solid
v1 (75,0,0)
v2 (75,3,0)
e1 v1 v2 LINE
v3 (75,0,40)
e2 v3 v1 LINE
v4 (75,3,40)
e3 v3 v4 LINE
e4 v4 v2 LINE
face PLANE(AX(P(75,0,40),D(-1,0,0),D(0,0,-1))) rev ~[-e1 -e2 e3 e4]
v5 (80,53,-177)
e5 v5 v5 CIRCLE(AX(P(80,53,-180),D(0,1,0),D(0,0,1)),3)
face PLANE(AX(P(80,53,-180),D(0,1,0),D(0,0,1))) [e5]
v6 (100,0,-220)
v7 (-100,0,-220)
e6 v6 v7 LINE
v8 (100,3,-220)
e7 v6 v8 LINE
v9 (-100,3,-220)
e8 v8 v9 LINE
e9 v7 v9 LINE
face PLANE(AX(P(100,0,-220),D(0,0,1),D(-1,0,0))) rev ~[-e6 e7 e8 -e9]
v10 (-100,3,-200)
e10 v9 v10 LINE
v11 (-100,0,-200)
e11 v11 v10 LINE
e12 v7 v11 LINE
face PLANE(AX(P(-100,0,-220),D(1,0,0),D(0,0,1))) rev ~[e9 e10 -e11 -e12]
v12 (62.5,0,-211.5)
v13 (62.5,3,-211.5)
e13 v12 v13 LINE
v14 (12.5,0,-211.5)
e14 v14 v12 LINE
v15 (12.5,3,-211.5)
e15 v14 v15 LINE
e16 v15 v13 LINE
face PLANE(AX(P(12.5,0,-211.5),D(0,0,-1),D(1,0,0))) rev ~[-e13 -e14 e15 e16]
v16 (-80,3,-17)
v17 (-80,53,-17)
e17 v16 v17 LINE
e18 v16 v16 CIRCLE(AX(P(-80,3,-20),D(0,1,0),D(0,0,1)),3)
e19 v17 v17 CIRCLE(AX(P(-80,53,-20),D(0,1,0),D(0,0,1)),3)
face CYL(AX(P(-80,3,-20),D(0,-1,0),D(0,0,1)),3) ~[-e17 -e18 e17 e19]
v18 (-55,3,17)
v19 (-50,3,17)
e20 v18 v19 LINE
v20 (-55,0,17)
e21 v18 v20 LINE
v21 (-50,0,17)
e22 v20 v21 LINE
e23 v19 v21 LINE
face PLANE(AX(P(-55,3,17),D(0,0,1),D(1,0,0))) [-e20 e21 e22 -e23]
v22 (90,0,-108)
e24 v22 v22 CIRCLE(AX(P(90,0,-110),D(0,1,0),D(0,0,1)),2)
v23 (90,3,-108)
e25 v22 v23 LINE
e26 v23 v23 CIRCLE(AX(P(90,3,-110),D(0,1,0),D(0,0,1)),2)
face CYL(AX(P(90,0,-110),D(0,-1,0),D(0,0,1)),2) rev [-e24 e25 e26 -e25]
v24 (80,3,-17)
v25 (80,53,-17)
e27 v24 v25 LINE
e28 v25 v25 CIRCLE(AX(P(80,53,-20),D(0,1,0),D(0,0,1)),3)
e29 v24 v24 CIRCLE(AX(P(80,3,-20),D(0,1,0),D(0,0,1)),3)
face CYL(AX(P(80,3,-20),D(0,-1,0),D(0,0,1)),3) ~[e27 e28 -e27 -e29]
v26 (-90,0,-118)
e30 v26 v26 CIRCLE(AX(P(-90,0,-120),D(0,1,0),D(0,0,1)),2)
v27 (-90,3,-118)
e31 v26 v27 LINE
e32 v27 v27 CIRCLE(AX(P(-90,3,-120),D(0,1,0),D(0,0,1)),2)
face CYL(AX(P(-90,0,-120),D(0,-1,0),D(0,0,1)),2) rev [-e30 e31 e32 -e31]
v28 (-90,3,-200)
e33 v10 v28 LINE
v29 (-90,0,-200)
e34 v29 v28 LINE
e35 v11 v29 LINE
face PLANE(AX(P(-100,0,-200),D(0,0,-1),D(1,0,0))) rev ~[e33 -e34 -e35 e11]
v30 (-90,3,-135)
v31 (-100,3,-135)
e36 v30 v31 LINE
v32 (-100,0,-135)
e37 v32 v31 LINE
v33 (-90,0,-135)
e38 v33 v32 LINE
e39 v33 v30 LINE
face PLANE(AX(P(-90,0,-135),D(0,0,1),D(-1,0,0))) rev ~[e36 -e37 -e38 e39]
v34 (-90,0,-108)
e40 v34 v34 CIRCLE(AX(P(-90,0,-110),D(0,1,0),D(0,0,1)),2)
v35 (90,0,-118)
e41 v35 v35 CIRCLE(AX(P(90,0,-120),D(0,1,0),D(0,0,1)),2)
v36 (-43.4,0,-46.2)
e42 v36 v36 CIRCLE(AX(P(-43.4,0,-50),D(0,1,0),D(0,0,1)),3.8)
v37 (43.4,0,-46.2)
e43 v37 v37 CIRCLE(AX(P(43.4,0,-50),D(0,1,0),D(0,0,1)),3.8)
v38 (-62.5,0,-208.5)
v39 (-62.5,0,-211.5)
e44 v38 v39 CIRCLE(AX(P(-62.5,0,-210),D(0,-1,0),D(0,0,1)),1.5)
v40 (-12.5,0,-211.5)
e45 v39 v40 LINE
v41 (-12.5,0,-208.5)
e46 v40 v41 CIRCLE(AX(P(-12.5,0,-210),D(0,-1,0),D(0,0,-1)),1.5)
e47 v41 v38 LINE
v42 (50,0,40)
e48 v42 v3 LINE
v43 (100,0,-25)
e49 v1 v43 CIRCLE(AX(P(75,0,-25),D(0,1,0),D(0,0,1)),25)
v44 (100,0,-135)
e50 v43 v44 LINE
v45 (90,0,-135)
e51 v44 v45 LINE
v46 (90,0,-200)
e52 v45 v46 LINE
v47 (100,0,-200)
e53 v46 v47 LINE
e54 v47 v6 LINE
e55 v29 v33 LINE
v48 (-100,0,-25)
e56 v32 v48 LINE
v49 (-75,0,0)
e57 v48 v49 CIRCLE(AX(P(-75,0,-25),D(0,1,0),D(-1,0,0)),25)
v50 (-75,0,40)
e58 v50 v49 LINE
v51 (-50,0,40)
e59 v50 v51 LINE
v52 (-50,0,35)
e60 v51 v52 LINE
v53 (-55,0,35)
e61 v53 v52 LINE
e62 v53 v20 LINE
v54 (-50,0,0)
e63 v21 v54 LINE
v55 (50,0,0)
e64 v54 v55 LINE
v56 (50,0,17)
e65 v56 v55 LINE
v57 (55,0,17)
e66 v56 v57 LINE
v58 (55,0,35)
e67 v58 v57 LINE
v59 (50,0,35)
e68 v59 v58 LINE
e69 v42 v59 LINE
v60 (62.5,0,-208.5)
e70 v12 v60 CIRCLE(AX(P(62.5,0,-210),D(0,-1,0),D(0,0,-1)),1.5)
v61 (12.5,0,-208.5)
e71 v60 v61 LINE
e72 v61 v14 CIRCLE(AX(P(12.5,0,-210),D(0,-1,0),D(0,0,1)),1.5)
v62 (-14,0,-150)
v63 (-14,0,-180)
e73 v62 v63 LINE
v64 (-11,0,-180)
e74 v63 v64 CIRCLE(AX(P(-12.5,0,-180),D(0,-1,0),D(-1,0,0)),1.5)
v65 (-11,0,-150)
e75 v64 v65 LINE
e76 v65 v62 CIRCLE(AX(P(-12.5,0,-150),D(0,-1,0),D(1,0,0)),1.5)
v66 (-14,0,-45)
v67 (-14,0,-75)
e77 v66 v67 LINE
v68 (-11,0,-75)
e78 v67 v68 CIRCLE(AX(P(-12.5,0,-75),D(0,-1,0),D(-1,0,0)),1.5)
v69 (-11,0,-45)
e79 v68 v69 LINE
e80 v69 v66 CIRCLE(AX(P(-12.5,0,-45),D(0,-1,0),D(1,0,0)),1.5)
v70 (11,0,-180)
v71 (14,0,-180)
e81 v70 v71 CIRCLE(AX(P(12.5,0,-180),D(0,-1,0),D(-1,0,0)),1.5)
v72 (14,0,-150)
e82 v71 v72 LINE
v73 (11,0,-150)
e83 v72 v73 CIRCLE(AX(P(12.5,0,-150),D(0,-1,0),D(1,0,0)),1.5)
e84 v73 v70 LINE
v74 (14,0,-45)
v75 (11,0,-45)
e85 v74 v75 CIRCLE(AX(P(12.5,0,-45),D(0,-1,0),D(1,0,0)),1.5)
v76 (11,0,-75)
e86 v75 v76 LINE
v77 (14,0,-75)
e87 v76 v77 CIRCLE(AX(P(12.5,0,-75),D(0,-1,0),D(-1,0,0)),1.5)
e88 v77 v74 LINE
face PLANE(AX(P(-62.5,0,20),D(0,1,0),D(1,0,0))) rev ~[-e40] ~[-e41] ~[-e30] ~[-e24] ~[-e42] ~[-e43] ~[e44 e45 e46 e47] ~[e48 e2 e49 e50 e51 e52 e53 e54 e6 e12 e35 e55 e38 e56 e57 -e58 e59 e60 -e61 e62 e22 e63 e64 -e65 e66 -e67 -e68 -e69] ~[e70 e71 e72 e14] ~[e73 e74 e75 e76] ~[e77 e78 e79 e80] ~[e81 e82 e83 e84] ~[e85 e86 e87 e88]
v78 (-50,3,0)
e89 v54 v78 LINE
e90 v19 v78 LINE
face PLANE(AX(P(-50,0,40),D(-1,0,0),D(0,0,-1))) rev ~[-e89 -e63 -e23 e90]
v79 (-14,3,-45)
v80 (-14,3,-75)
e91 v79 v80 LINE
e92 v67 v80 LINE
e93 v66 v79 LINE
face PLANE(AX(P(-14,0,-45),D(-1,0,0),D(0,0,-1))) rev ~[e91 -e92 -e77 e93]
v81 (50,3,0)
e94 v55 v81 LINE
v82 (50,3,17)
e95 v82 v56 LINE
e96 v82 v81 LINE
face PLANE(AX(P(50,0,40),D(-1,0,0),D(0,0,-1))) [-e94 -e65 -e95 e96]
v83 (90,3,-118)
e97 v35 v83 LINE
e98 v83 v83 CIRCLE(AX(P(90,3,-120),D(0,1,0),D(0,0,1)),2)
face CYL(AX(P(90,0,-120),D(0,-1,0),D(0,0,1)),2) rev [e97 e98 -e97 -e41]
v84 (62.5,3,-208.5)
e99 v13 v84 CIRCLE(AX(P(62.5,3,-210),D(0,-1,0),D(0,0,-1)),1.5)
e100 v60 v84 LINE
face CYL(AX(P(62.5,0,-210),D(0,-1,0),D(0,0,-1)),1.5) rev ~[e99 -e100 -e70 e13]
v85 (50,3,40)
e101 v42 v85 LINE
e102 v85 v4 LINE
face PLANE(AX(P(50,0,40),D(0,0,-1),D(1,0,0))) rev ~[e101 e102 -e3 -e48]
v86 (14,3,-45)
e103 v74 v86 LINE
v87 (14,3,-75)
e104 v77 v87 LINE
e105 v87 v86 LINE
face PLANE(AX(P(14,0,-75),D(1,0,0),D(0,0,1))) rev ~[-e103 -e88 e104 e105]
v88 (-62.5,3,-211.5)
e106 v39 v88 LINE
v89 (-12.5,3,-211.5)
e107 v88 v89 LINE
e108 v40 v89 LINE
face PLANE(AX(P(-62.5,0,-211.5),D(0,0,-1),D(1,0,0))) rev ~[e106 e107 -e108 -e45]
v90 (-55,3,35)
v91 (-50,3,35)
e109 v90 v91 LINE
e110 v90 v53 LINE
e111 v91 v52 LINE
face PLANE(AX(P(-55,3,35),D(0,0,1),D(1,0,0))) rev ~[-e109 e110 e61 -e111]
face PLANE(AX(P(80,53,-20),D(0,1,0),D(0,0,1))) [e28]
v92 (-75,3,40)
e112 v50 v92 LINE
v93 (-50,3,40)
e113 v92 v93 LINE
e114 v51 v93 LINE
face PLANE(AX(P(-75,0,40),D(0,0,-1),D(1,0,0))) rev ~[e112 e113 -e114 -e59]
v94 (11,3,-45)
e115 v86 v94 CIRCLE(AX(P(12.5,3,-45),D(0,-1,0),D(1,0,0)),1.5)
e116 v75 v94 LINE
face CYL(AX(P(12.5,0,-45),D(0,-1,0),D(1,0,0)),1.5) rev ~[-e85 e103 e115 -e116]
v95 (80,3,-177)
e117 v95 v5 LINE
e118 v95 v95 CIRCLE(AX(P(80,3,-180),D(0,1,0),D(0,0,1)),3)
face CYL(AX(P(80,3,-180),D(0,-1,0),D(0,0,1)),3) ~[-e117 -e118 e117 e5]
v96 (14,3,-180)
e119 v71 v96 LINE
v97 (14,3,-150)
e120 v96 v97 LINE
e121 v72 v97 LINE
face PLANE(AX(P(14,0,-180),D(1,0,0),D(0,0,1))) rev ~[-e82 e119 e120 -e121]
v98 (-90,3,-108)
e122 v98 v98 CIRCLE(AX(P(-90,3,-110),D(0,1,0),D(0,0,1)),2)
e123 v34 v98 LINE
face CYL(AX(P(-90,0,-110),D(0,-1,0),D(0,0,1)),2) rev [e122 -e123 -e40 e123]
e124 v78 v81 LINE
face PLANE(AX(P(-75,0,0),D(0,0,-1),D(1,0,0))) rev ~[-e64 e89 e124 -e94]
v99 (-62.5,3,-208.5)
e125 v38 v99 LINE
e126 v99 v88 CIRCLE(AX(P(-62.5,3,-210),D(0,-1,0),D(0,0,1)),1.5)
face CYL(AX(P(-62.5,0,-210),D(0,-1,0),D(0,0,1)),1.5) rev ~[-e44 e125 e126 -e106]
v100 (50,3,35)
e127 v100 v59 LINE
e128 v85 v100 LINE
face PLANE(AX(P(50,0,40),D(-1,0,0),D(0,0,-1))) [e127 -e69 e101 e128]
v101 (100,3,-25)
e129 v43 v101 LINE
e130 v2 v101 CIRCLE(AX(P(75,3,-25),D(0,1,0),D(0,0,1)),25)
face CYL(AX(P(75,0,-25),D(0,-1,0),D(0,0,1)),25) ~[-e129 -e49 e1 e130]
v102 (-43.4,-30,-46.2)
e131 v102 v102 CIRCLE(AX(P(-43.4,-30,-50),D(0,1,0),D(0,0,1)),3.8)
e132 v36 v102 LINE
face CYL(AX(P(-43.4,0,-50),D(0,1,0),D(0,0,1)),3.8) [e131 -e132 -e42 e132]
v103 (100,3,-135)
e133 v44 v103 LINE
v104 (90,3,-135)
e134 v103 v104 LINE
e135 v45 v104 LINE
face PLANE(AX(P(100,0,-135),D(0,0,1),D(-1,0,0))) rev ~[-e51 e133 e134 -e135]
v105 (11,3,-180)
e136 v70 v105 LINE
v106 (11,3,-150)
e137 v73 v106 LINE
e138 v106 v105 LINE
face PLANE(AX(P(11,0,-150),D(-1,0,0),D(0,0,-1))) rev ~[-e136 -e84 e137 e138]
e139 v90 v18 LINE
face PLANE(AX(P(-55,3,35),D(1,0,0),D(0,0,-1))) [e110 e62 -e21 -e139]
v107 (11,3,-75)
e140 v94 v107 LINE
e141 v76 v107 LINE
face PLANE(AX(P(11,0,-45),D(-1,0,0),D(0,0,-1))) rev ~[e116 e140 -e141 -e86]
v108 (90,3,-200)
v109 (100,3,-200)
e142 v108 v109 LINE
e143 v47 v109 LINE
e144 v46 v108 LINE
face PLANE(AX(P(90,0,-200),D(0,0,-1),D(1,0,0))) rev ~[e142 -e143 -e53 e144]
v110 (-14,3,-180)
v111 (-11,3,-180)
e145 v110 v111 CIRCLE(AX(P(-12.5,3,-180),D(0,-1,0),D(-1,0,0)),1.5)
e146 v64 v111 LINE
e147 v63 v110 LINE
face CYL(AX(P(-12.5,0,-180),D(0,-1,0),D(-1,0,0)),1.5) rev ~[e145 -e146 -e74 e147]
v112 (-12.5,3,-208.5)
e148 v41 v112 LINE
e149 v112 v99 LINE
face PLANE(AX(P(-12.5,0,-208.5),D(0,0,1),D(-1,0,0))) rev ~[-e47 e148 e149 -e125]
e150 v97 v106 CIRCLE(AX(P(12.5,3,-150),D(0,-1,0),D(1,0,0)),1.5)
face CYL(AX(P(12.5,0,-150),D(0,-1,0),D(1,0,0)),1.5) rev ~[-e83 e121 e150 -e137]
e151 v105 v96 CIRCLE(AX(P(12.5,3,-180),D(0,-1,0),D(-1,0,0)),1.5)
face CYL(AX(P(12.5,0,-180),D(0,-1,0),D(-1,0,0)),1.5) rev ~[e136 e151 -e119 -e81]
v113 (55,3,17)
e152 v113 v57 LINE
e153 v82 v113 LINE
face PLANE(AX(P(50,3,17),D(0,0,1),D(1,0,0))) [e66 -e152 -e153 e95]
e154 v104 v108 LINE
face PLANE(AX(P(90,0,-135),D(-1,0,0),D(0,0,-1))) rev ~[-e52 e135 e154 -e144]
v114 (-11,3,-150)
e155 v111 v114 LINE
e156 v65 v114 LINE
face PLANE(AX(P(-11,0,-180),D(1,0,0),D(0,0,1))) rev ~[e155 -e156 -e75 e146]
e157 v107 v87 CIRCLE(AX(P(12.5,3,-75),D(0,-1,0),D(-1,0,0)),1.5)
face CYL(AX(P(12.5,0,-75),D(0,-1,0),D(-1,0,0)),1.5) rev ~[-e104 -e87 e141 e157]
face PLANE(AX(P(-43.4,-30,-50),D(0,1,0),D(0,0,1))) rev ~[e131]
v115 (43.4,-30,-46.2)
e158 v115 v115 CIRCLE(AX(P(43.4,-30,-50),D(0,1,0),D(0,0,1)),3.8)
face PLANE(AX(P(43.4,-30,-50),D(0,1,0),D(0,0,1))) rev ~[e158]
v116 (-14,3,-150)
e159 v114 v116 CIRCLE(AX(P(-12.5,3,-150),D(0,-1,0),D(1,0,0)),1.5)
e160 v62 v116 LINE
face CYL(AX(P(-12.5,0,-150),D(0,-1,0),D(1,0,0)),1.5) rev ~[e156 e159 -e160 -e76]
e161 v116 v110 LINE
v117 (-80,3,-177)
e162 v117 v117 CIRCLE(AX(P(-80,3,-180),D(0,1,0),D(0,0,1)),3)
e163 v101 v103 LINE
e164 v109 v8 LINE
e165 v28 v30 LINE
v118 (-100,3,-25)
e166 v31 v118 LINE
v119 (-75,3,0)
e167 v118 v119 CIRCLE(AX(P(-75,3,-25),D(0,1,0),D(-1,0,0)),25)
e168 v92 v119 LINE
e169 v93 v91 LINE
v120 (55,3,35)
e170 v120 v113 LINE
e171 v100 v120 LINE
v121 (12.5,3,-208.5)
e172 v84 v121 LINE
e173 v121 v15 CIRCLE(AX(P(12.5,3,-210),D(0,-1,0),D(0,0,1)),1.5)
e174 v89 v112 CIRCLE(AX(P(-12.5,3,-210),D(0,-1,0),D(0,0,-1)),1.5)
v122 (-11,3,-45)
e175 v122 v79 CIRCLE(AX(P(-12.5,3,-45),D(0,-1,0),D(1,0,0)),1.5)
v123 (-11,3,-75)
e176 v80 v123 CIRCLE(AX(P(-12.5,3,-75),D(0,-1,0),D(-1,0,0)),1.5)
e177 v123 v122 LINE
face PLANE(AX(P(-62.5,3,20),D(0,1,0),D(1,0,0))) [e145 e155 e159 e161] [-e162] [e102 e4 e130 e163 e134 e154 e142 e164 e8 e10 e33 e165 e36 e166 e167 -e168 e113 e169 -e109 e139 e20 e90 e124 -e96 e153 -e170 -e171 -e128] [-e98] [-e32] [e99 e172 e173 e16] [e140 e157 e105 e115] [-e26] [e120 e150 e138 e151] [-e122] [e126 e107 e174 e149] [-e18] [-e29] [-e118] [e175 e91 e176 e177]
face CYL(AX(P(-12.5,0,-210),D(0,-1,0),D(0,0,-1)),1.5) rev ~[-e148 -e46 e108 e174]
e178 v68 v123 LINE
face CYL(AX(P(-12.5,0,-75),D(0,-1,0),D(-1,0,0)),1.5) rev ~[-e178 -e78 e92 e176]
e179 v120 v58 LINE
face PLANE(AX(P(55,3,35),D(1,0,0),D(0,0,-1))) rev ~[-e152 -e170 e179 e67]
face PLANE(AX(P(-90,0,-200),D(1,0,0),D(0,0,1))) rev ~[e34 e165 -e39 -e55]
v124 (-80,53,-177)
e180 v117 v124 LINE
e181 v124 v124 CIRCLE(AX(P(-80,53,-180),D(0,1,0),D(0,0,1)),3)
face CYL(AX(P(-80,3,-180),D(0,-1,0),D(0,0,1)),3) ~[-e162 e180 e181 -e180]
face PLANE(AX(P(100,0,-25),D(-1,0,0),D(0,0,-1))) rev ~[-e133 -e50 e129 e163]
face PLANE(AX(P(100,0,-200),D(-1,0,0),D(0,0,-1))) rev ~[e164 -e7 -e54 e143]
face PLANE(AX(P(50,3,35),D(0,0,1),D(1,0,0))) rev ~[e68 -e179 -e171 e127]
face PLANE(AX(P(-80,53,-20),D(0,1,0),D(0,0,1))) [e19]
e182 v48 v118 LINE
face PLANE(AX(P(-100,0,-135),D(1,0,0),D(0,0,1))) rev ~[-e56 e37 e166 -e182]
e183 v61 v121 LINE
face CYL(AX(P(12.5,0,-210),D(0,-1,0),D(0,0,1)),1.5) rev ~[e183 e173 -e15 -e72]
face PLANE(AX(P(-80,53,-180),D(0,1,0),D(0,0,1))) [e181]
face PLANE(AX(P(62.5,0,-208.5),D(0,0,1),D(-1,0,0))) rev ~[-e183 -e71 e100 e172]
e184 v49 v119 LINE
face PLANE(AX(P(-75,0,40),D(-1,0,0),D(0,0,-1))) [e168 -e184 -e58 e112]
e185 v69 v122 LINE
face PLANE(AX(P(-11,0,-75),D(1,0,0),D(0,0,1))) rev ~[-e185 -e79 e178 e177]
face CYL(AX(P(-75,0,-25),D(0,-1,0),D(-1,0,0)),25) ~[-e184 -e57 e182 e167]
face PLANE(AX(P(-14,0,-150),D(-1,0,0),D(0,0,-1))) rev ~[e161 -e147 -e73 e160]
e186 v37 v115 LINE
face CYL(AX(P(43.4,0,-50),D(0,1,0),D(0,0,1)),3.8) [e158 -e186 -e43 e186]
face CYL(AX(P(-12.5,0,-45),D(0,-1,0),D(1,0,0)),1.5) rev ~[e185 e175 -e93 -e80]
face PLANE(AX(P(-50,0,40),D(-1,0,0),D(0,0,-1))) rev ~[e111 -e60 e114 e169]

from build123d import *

# Parameters (mm, degrees)
SKETCH1_R           = 2
BOSS_EXTRUDE1_DEPTH = 3
SKETCH2_R           = 3
BOSS_EXTRUDE2_DEPTH = 50
SKETCH3_R           = 3.8
BOSS_EXTRUDE3_DEPTH = 30
SKETCH1_3_W         = 25
SKETCH1_3_H         = 40
BOSS_EXTRUDE4_DEPTH = 3
SKETCH4_W           = 5
SKETCH4_H           = 18
CUT_EXTRUDE1_DEPTH  = 10


with BuildPart() as part:
    # Sketch1 → Boss-Extrude1 (new body)
    with BuildSketch(Plane(origin=(0, 0, 0), x_dir=(1, 0, 0), z_dir=(0, 1, 0))):
        with BuildLine():
            ThreePointArc((-100, 25), (-92.67766953, 7.32233047), (-75, 0))
            Line((-75, 0), (-50, 0))
            Line((-50, 0), (50, 0))
            Line((50, 0), (75, 0))
            ThreePointArc((75, 0), (92.67766953, 7.32233047), (100, 25))
            Line((100, 25), (100, 135))
            Line((100, 135), (90, 135))
            Line((90, 135), (90, 200))
            Line((90, 200), (100, 200))
            Line((100, 200), (100, 220))
            Line((100, 220), (-100, 220))
            Line((-100, 220), (-100, 200))
            Line((-100, 200), (-90, 200))
            Line((-90, 200), (-90, 135))
            Line((-90, 135), (-100, 135))
            Line((-100, 135), (-100, 25))
        make_face()
        with BuildLine():
            Line((-14, 45), (-14, 75))
            ThreePointArc((-14, 75), (-12.5, 76.5), (-11, 75))
            Line((-11, 75), (-11, 45))
            ThreePointArc((-11, 45), (-12.5, 43.5), (-14, 45))
        make_face(mode=Mode.SUBTRACT)
        with BuildLine():
            ThreePointArc((11, 75), (12.5, 76.5), (14, 75))
            Line((14, 75), (14, 45))
            ThreePointArc((14, 45), (12.5, 43.5), (11, 45))
            Line((11, 45), (11, 75))
        make_face(mode=Mode.SUBTRACT)
        with Locations((-90, 110)):
            Circle(SKETCH1_R, mode=Mode.SUBTRACT)
        with Locations((-90, 120)):
            Circle(SKETCH1_R, mode=Mode.SUBTRACT)
        with BuildLine():
            Line((-14, 150), (-14, 180))
            ThreePointArc((-14, 180), (-12.5, 181.5), (-11, 180))
            Line((-11, 180), (-11, 150))
            ThreePointArc((-11, 150), (-12.5, 148.5), (-14, 150))
        make_face(mode=Mode.SUBTRACT)
        with BuildLine():
            Line((-62.5, 211.5), (-12.5, 211.5))
            ThreePointArc((-12.5, 211.5), (-11, 210), (-12.5, 208.5))
            Line((-12.5, 208.5), (-62.5, 208.5))
            ThreePointArc((-62.5, 208.5), (-64, 210), (-62.5, 211.5))
        make_face(mode=Mode.SUBTRACT)
        with Locations((90, 110)):
            Circle(SKETCH1_R, mode=Mode.SUBTRACT)
        with Locations((90, 120)):
            Circle(SKETCH1_R, mode=Mode.SUBTRACT)
        with BuildLine():
            ThreePointArc((11, 180), (12.5, 181.5), (14, 180))
            Line((14, 180), (14, 150))
            ThreePointArc((14, 150), (12.5, 148.5), (11, 150))
            Line((11, 150), (11, 180))
        make_face(mode=Mode.SUBTRACT)
        with BuildLine():
            ThreePointArc((12.5, 208.5), (11, 210), (12.5, 211.5))
            Line((12.5, 211.5), (62.5, 211.5))
            ThreePointArc((62.5, 211.5), (64, 210), (62.5, 208.5))
            Line((62.5, 208.5), (12.5, 208.5))
        make_face(mode=Mode.SUBTRACT)
    extrude(amount=BOSS_EXTRUDE1_DEPTH)

    # Sketch2 → Boss-Extrude2 (add)
    with BuildSketch(Plane(origin=(0, 3, 0), x_dir=(1, 0, 0), z_dir=(0, 1, 0))):
        with Locations((-80, 20)):
            Circle(SKETCH2_R)
        with Locations((80, 20)):
            Circle(SKETCH2_R)
        with Locations((-80, 180)):
            Circle(SKETCH2_R)
        with Locations((80, 180)):
            Circle(SKETCH2_R)
    extrude(amount=BOSS_EXTRUDE2_DEPTH)

    # Sketch3 → Boss-Extrude3 (add)
    with BuildSketch(Plane(origin=(0, 0, 0), x_dir=(1, 0, 0), z_dir=(0, 1, 0))):
        with Locations((-43.4, 50)):
            Circle(SKETCH3_R)
        with Locations((43.4, 50)):
            Circle(SKETCH3_R)
    extrude(amount=-BOSS_EXTRUDE3_DEPTH)

    # Sketch1<3> → Boss-Extrude4 (add)
    with BuildSketch(Plane(origin=(0, 0, 0), x_dir=(1, 0, 0), z_dir=(0, 1, 0))):
        with Locations((-62.5, -20)):
            Rectangle(SKETCH1_3_W, SKETCH1_3_H)
        with Locations((62.5, -20)):
            Rectangle(SKETCH1_3_W, SKETCH1_3_H)
    extrude(amount=BOSS_EXTRUDE4_DEPTH)

    # Sketch4 → Cut-Extrude1 (cut)
    with BuildSketch(Plane(origin=(0, 3, 0), x_dir=(1, 0, 0), z_dir=(0, 1, 0))):
        with Locations((-52.5, -26)):
            Rectangle(SKETCH4_W, SKETCH4_H)
        with Locations((52.5, -26)):
            Rectangle(SKETCH4_W, SKETCH4_H)
    extrude(amount=-CUT_EXTRUDE1_DEPTH, mode=Mode.SUBTRACT)


solid = part.part
